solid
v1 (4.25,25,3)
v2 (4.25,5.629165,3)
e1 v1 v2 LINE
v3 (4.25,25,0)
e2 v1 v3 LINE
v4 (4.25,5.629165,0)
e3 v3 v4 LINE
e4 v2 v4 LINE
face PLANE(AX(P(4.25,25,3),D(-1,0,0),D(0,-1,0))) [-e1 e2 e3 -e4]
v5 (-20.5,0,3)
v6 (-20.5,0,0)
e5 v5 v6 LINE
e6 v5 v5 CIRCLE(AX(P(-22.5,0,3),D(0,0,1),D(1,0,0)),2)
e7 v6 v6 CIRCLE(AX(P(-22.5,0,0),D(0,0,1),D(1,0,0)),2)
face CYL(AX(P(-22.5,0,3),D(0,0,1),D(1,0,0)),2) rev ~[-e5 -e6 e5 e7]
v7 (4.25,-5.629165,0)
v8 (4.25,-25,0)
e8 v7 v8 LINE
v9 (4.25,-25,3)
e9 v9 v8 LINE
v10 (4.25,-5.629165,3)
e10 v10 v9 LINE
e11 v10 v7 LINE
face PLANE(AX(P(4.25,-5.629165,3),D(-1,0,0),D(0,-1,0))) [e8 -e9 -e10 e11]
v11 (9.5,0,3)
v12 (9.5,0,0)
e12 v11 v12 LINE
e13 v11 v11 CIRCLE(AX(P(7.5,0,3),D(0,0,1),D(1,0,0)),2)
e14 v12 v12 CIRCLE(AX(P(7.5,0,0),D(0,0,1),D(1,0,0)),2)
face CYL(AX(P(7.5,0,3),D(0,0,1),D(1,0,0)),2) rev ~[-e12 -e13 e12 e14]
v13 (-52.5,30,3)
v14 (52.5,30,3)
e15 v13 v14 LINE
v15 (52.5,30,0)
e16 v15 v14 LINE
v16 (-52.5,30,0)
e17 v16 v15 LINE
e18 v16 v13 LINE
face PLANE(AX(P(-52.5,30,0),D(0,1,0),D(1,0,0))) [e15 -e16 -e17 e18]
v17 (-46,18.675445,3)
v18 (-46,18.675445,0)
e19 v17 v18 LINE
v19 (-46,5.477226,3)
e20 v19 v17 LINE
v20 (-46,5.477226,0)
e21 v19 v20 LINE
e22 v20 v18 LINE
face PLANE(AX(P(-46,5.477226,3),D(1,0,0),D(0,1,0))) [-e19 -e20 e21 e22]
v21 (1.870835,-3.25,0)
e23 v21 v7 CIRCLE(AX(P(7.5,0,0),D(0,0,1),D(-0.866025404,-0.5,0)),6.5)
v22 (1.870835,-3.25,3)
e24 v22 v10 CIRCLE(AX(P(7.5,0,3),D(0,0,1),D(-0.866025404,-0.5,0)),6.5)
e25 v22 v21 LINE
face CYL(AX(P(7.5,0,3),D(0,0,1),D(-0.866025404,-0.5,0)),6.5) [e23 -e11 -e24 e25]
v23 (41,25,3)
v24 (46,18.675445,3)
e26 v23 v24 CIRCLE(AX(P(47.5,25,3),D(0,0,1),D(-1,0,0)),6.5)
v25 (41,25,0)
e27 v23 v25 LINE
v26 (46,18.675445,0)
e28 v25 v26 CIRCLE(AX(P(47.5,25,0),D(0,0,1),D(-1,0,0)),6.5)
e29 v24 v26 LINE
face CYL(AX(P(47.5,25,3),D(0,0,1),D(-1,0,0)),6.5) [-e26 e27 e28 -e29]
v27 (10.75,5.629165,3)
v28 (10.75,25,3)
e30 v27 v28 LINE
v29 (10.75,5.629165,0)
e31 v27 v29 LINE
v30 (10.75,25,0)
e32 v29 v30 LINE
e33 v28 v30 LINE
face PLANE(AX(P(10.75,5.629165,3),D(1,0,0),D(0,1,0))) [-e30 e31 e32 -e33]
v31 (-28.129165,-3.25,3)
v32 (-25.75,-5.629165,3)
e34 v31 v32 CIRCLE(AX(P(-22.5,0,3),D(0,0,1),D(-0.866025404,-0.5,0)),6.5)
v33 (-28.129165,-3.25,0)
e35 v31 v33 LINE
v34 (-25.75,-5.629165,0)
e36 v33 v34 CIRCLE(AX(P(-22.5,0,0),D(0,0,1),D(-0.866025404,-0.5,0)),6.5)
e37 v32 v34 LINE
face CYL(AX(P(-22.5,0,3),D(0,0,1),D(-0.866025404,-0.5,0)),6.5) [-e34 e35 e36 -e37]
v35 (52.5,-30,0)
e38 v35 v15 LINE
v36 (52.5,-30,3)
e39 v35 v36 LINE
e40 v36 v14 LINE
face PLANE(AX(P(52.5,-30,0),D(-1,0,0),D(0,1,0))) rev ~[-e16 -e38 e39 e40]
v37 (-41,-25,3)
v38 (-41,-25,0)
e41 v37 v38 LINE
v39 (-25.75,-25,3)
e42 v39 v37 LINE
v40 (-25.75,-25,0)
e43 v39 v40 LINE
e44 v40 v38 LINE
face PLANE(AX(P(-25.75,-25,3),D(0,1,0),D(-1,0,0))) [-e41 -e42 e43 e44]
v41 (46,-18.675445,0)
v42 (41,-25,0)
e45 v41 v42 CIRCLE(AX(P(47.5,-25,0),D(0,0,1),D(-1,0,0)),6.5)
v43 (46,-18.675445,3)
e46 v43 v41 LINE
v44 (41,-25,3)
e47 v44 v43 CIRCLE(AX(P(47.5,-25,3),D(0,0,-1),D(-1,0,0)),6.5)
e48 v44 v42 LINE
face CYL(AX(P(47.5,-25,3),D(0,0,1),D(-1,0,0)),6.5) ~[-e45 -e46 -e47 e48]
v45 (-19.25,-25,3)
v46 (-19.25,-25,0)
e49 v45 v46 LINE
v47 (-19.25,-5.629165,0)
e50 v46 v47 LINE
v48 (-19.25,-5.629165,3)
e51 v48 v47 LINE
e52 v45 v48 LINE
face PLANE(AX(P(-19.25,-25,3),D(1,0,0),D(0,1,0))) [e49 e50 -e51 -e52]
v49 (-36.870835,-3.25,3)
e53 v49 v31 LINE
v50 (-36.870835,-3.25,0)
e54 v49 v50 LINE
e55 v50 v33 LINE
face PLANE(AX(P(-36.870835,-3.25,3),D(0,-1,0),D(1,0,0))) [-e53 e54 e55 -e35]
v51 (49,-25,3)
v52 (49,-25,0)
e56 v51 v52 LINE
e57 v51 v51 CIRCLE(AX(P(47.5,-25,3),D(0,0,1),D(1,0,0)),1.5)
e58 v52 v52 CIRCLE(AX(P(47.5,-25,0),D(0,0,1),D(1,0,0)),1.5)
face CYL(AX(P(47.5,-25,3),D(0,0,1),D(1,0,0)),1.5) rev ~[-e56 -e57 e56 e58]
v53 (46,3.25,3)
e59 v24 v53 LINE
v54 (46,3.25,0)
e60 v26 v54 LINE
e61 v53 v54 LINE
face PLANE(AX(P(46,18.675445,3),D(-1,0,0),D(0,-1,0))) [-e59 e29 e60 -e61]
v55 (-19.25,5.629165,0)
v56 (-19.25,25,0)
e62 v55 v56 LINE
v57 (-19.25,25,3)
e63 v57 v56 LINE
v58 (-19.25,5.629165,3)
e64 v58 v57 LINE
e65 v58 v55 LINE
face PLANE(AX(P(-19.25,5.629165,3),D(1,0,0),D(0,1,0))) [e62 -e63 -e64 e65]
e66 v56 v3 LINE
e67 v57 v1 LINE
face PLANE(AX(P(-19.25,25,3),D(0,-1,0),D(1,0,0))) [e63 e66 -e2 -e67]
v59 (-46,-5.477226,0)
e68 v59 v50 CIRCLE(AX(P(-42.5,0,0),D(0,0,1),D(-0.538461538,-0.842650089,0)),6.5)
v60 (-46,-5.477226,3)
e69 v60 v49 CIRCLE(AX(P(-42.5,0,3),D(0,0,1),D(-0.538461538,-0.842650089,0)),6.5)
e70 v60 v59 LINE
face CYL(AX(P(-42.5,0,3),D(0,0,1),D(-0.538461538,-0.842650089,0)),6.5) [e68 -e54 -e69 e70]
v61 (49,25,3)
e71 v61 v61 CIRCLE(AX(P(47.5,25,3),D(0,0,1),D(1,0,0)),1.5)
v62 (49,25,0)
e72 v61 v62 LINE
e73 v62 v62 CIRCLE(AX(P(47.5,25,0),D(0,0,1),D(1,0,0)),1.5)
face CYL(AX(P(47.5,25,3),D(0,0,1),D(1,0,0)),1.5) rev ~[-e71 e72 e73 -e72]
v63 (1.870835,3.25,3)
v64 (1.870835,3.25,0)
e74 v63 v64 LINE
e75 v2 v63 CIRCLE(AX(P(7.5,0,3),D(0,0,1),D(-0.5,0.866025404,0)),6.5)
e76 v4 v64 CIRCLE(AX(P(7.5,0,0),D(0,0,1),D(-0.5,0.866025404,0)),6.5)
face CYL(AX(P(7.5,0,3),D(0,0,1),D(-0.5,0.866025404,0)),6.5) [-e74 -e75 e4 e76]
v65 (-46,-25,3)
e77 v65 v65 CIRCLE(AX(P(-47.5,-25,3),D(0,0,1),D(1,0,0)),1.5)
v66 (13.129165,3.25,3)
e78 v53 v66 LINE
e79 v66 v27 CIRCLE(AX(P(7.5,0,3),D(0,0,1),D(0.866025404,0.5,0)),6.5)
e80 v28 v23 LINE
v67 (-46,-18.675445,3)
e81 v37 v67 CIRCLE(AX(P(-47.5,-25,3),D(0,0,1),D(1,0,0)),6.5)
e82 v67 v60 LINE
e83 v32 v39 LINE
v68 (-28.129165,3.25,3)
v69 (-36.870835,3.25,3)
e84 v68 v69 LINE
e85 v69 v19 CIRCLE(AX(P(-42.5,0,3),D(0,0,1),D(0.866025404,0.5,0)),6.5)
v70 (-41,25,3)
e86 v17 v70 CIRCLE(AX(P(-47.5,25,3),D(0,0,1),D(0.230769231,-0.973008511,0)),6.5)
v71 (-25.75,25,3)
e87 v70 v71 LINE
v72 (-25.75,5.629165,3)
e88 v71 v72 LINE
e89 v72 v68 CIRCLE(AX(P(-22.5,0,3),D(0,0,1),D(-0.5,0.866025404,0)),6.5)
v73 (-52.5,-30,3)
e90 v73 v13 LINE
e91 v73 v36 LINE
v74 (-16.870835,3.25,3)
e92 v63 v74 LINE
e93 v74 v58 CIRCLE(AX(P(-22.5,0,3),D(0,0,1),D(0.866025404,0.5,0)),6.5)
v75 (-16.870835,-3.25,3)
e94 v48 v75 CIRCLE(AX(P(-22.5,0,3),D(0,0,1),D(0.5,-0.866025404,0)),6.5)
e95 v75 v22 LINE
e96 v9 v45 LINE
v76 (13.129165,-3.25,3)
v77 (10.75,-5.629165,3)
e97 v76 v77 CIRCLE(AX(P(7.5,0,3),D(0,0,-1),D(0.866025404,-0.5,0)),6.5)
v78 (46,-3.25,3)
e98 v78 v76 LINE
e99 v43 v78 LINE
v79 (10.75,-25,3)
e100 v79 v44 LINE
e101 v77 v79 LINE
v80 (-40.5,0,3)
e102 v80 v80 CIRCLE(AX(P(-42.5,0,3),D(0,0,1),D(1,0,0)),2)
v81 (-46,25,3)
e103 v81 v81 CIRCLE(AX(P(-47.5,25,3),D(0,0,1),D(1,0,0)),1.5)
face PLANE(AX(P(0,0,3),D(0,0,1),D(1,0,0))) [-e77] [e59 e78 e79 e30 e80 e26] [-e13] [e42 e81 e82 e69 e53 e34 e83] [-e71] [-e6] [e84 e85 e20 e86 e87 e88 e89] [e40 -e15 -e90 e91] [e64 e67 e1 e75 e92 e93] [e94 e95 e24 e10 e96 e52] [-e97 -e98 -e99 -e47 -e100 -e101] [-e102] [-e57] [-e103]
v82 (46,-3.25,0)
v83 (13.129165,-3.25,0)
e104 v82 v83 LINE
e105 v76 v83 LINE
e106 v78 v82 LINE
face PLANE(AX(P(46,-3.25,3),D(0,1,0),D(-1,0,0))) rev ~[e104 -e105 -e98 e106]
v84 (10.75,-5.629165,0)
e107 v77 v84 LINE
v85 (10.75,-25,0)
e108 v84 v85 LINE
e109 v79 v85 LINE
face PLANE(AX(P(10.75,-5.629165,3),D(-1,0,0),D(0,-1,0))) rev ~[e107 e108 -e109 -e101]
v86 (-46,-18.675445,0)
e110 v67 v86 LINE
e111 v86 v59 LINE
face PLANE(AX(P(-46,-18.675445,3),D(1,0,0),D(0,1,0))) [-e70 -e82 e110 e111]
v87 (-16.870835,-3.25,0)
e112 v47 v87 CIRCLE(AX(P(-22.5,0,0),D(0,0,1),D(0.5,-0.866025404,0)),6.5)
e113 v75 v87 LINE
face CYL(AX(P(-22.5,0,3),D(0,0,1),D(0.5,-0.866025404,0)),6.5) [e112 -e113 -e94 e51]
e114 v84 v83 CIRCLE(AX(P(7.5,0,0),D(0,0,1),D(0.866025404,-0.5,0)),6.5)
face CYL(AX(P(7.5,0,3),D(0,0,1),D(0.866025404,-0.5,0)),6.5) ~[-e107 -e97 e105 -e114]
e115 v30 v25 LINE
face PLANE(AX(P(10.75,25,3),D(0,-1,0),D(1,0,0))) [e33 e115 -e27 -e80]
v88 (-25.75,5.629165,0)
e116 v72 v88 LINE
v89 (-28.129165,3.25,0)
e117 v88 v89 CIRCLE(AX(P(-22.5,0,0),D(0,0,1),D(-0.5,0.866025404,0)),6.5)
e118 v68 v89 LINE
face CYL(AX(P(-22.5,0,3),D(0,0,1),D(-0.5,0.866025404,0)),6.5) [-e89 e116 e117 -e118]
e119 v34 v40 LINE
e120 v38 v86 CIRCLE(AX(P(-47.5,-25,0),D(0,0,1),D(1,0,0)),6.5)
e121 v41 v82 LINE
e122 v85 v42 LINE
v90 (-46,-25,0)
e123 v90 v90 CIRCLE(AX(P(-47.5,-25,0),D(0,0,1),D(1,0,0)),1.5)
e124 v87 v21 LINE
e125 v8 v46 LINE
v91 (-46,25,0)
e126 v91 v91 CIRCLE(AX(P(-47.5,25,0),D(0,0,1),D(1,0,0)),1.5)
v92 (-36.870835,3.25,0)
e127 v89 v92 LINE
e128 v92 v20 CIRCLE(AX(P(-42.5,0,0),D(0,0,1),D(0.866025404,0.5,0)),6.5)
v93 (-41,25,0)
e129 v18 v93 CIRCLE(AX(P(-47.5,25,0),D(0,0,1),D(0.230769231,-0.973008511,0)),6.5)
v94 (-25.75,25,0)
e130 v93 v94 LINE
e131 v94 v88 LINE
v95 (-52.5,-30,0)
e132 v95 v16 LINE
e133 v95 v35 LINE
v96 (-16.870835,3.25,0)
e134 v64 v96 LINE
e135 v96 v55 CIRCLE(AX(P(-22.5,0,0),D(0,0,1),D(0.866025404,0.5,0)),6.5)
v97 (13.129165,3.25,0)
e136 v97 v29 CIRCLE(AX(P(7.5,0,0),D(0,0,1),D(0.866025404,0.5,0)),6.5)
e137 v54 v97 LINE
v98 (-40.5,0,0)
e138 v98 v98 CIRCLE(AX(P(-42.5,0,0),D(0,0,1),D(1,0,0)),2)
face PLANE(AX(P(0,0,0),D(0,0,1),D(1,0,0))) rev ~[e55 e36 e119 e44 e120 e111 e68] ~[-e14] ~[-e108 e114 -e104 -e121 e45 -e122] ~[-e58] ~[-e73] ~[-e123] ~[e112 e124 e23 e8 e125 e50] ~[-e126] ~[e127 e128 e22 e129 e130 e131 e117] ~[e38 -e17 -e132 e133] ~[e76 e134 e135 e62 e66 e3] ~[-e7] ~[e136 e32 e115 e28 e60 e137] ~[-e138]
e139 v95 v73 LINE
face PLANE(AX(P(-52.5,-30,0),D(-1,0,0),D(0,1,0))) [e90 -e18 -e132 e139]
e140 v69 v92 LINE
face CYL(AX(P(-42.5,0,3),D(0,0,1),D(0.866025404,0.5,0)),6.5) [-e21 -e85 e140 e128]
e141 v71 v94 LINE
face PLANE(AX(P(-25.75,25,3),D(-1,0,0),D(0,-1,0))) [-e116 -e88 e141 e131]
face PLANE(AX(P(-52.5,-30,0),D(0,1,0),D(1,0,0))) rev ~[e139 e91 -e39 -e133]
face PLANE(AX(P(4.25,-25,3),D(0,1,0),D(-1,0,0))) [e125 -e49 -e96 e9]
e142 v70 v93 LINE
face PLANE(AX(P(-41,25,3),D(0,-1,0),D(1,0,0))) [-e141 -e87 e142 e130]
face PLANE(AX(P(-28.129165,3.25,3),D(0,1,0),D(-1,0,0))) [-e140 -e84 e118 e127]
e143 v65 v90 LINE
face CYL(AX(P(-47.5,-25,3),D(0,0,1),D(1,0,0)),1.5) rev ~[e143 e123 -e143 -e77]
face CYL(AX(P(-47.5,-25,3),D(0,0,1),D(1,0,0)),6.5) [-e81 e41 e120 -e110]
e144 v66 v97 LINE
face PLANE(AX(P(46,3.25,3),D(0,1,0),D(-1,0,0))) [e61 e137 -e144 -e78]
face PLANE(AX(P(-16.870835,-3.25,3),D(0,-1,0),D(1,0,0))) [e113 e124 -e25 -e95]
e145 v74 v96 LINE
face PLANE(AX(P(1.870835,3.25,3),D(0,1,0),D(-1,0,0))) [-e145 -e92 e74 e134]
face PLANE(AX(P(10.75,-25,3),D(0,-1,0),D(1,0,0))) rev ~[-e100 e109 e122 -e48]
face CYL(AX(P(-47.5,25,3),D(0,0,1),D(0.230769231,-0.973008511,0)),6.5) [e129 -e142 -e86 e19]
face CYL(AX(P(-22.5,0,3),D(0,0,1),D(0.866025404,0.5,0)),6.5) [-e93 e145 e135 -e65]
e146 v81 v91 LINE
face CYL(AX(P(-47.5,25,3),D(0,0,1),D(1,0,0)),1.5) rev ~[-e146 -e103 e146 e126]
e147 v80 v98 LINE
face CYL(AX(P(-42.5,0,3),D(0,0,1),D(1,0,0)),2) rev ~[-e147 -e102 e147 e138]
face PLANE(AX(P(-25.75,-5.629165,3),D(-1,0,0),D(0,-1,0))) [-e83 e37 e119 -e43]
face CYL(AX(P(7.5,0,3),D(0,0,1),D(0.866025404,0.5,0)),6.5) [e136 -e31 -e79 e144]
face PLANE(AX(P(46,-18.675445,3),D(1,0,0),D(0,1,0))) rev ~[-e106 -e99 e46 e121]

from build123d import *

# Parameters (mm, degrees)
SKETCH2_W           = 105
SKETCH2_H           = 60
BOSS_EXTRUDE1_DEPTH = 3
SKETCH3_R           = 1.5
SKETCH3_R_2         = 2
CUT_EXTRUDE1_DEPTH  = 4
CUT_EXTRUDE2_DEPTH  = 4


with BuildPart() as part:
    # Sketch2 → Boss-Extrude1 (new body)
    with BuildSketch(Plane.XY):
        Rectangle(SKETCH2_W, SKETCH2_H)
    extrude(amount=BOSS_EXTRUDE1_DEPTH)

    # Sketch3 → Cut-Extrude1 (cut, through all)
    with BuildSketch(Plane.XY.offset(3)):
        with Locations((-47.5, 25)):
            Circle(SKETCH3_R)
        with Locations((47.5, 25)):
            Circle(SKETCH3_R)
        with Locations((47.5, -25)):
            Circle(SKETCH3_R)
        with Locations((-47.5, -25)):
            Circle(SKETCH3_R)
        with Locations((-42.5, 0)):
            Circle(SKETCH3_R_2)
        with Locations((-22.5, 0)):
            Circle(SKETCH3_R_2)
        with Locations((7.5, 0)):
            Circle(SKETCH3_R_2)
    extrude(amount=-CUT_EXTRUDE1_DEPTH, mode=Mode.SUBTRACT)

    # Sketch4 → Cut-Extrude2 (cut, through all)
    with BuildSketch(Plane.XY.offset(3)):
        with BuildLine():
            Line((-41, 25), (-25.75, 25))
            Line((-25.75, 25), (-25.75, 5.629165125))
            ThreePointArc((-25.75, 5.629165125), (-27.096194078, 4.596194078), (-28.129165125, 3.25))
            Line((-28.129165125, 3.25), (-36.870834875, 3.25))
            ThreePointArc((-36.870834875, 3.25), (-40.959393148, 6.314786657), (-46, 5.477225575))
            Line((-46, 5.477225575), (-46, 18.67544468))
            ThreePointArc((-46, 18.67544468), (-42.400980486, 20.968871126), (-41, 25))
        make_face()
        with BuildLine():
            Line((-19.25, 25), (4.25, 25))
            Line((4.25, 25), (4.25, 5.629165125))
            ThreePointArc((4.25, 5.629165125), (2.903805922, 4.596194078), (1.870834875, 3.25))
            Line((1.870834875, 3.25), (-16.870834875, 3.25))
            ThreePointArc((-16.870834875, 3.25), (-17.903805922, 4.596194078), (-19.25, 5.629165125))
            Line((-19.25, 5.629165125), (-19.25, 25))
        make_face()
        with BuildLine():
            Line((46, 18.67544468), (46, 3.25))
            Line((46, 3.25), (13.129165125, 3.25))
            ThreePointArc((13.129165125, 3.25), (12.096194078, 4.596194078), (10.75, 5.629165125))
            Line((10.75, 5.629165125), (10.75, 25))
            Line((10.75, 25), (41, 25))
            ThreePointArc((41, 25), (42.400980486, 20.968871126), (46, 18.67544468))
        make_face()
        with BuildLine():
            Line((46, -3.25), (13.129165125, -3.25))
            ThreePointArc((13.129165125, -3.25), (12.096194078, -4.596194078), (10.75, -5.629165125))
            Line((10.75, -5.629165125), (10.75, -25))
            Line((10.75, -25), (41, -25))
            ThreePointArc((41, -25), (42.400980486, -20.968871126), (46, -18.67544468))
            Line((46, -18.67544468), (46, -3.25))
        make_face()
        with BuildLine():
            Line((-16.870834875, -3.25), (1.870834875, -3.25))
            ThreePointArc((1.870834875, -3.25), (2.903805922, -4.596194078), (4.25, -5.629165125))
            Line((4.25, -5.629165125), (4.25, -25))
            Line((4.25, -25), (-19.25, -25))
            Line((-19.25, -25), (-19.25, -5.629165125))
            ThreePointArc((-19.25, -5.629165125), (-17.903805922, -4.596194078), (-16.870834875, -3.25))
        make_face()
        with BuildLine():
            Line((-46, -18.67544468), (-46, -5.477225575))
            ThreePointArc((-46, -5.477225575), (-40.959393148, -6.314786657), (-36.870834875, -3.25))
            Line((-36.870834875, -3.25), (-28.129165125, -3.25))
            ThreePointArc((-28.129165125, -3.25), (-27.096194078, -4.596194078), (-25.75, -5.629165125))
            Line((-25.75, -5.629165125), (-25.75, -25))
            Line((-25.75, -25), (-41, -25))
            ThreePointArc((-41, -25), (-42.400980486, -20.968871126), (-46, -18.67544468))
        make_face()
    extrude(amount=-CUT_EXTRUDE2_DEPTH, mode=Mode.SUBTRACT)


solid = part.part
